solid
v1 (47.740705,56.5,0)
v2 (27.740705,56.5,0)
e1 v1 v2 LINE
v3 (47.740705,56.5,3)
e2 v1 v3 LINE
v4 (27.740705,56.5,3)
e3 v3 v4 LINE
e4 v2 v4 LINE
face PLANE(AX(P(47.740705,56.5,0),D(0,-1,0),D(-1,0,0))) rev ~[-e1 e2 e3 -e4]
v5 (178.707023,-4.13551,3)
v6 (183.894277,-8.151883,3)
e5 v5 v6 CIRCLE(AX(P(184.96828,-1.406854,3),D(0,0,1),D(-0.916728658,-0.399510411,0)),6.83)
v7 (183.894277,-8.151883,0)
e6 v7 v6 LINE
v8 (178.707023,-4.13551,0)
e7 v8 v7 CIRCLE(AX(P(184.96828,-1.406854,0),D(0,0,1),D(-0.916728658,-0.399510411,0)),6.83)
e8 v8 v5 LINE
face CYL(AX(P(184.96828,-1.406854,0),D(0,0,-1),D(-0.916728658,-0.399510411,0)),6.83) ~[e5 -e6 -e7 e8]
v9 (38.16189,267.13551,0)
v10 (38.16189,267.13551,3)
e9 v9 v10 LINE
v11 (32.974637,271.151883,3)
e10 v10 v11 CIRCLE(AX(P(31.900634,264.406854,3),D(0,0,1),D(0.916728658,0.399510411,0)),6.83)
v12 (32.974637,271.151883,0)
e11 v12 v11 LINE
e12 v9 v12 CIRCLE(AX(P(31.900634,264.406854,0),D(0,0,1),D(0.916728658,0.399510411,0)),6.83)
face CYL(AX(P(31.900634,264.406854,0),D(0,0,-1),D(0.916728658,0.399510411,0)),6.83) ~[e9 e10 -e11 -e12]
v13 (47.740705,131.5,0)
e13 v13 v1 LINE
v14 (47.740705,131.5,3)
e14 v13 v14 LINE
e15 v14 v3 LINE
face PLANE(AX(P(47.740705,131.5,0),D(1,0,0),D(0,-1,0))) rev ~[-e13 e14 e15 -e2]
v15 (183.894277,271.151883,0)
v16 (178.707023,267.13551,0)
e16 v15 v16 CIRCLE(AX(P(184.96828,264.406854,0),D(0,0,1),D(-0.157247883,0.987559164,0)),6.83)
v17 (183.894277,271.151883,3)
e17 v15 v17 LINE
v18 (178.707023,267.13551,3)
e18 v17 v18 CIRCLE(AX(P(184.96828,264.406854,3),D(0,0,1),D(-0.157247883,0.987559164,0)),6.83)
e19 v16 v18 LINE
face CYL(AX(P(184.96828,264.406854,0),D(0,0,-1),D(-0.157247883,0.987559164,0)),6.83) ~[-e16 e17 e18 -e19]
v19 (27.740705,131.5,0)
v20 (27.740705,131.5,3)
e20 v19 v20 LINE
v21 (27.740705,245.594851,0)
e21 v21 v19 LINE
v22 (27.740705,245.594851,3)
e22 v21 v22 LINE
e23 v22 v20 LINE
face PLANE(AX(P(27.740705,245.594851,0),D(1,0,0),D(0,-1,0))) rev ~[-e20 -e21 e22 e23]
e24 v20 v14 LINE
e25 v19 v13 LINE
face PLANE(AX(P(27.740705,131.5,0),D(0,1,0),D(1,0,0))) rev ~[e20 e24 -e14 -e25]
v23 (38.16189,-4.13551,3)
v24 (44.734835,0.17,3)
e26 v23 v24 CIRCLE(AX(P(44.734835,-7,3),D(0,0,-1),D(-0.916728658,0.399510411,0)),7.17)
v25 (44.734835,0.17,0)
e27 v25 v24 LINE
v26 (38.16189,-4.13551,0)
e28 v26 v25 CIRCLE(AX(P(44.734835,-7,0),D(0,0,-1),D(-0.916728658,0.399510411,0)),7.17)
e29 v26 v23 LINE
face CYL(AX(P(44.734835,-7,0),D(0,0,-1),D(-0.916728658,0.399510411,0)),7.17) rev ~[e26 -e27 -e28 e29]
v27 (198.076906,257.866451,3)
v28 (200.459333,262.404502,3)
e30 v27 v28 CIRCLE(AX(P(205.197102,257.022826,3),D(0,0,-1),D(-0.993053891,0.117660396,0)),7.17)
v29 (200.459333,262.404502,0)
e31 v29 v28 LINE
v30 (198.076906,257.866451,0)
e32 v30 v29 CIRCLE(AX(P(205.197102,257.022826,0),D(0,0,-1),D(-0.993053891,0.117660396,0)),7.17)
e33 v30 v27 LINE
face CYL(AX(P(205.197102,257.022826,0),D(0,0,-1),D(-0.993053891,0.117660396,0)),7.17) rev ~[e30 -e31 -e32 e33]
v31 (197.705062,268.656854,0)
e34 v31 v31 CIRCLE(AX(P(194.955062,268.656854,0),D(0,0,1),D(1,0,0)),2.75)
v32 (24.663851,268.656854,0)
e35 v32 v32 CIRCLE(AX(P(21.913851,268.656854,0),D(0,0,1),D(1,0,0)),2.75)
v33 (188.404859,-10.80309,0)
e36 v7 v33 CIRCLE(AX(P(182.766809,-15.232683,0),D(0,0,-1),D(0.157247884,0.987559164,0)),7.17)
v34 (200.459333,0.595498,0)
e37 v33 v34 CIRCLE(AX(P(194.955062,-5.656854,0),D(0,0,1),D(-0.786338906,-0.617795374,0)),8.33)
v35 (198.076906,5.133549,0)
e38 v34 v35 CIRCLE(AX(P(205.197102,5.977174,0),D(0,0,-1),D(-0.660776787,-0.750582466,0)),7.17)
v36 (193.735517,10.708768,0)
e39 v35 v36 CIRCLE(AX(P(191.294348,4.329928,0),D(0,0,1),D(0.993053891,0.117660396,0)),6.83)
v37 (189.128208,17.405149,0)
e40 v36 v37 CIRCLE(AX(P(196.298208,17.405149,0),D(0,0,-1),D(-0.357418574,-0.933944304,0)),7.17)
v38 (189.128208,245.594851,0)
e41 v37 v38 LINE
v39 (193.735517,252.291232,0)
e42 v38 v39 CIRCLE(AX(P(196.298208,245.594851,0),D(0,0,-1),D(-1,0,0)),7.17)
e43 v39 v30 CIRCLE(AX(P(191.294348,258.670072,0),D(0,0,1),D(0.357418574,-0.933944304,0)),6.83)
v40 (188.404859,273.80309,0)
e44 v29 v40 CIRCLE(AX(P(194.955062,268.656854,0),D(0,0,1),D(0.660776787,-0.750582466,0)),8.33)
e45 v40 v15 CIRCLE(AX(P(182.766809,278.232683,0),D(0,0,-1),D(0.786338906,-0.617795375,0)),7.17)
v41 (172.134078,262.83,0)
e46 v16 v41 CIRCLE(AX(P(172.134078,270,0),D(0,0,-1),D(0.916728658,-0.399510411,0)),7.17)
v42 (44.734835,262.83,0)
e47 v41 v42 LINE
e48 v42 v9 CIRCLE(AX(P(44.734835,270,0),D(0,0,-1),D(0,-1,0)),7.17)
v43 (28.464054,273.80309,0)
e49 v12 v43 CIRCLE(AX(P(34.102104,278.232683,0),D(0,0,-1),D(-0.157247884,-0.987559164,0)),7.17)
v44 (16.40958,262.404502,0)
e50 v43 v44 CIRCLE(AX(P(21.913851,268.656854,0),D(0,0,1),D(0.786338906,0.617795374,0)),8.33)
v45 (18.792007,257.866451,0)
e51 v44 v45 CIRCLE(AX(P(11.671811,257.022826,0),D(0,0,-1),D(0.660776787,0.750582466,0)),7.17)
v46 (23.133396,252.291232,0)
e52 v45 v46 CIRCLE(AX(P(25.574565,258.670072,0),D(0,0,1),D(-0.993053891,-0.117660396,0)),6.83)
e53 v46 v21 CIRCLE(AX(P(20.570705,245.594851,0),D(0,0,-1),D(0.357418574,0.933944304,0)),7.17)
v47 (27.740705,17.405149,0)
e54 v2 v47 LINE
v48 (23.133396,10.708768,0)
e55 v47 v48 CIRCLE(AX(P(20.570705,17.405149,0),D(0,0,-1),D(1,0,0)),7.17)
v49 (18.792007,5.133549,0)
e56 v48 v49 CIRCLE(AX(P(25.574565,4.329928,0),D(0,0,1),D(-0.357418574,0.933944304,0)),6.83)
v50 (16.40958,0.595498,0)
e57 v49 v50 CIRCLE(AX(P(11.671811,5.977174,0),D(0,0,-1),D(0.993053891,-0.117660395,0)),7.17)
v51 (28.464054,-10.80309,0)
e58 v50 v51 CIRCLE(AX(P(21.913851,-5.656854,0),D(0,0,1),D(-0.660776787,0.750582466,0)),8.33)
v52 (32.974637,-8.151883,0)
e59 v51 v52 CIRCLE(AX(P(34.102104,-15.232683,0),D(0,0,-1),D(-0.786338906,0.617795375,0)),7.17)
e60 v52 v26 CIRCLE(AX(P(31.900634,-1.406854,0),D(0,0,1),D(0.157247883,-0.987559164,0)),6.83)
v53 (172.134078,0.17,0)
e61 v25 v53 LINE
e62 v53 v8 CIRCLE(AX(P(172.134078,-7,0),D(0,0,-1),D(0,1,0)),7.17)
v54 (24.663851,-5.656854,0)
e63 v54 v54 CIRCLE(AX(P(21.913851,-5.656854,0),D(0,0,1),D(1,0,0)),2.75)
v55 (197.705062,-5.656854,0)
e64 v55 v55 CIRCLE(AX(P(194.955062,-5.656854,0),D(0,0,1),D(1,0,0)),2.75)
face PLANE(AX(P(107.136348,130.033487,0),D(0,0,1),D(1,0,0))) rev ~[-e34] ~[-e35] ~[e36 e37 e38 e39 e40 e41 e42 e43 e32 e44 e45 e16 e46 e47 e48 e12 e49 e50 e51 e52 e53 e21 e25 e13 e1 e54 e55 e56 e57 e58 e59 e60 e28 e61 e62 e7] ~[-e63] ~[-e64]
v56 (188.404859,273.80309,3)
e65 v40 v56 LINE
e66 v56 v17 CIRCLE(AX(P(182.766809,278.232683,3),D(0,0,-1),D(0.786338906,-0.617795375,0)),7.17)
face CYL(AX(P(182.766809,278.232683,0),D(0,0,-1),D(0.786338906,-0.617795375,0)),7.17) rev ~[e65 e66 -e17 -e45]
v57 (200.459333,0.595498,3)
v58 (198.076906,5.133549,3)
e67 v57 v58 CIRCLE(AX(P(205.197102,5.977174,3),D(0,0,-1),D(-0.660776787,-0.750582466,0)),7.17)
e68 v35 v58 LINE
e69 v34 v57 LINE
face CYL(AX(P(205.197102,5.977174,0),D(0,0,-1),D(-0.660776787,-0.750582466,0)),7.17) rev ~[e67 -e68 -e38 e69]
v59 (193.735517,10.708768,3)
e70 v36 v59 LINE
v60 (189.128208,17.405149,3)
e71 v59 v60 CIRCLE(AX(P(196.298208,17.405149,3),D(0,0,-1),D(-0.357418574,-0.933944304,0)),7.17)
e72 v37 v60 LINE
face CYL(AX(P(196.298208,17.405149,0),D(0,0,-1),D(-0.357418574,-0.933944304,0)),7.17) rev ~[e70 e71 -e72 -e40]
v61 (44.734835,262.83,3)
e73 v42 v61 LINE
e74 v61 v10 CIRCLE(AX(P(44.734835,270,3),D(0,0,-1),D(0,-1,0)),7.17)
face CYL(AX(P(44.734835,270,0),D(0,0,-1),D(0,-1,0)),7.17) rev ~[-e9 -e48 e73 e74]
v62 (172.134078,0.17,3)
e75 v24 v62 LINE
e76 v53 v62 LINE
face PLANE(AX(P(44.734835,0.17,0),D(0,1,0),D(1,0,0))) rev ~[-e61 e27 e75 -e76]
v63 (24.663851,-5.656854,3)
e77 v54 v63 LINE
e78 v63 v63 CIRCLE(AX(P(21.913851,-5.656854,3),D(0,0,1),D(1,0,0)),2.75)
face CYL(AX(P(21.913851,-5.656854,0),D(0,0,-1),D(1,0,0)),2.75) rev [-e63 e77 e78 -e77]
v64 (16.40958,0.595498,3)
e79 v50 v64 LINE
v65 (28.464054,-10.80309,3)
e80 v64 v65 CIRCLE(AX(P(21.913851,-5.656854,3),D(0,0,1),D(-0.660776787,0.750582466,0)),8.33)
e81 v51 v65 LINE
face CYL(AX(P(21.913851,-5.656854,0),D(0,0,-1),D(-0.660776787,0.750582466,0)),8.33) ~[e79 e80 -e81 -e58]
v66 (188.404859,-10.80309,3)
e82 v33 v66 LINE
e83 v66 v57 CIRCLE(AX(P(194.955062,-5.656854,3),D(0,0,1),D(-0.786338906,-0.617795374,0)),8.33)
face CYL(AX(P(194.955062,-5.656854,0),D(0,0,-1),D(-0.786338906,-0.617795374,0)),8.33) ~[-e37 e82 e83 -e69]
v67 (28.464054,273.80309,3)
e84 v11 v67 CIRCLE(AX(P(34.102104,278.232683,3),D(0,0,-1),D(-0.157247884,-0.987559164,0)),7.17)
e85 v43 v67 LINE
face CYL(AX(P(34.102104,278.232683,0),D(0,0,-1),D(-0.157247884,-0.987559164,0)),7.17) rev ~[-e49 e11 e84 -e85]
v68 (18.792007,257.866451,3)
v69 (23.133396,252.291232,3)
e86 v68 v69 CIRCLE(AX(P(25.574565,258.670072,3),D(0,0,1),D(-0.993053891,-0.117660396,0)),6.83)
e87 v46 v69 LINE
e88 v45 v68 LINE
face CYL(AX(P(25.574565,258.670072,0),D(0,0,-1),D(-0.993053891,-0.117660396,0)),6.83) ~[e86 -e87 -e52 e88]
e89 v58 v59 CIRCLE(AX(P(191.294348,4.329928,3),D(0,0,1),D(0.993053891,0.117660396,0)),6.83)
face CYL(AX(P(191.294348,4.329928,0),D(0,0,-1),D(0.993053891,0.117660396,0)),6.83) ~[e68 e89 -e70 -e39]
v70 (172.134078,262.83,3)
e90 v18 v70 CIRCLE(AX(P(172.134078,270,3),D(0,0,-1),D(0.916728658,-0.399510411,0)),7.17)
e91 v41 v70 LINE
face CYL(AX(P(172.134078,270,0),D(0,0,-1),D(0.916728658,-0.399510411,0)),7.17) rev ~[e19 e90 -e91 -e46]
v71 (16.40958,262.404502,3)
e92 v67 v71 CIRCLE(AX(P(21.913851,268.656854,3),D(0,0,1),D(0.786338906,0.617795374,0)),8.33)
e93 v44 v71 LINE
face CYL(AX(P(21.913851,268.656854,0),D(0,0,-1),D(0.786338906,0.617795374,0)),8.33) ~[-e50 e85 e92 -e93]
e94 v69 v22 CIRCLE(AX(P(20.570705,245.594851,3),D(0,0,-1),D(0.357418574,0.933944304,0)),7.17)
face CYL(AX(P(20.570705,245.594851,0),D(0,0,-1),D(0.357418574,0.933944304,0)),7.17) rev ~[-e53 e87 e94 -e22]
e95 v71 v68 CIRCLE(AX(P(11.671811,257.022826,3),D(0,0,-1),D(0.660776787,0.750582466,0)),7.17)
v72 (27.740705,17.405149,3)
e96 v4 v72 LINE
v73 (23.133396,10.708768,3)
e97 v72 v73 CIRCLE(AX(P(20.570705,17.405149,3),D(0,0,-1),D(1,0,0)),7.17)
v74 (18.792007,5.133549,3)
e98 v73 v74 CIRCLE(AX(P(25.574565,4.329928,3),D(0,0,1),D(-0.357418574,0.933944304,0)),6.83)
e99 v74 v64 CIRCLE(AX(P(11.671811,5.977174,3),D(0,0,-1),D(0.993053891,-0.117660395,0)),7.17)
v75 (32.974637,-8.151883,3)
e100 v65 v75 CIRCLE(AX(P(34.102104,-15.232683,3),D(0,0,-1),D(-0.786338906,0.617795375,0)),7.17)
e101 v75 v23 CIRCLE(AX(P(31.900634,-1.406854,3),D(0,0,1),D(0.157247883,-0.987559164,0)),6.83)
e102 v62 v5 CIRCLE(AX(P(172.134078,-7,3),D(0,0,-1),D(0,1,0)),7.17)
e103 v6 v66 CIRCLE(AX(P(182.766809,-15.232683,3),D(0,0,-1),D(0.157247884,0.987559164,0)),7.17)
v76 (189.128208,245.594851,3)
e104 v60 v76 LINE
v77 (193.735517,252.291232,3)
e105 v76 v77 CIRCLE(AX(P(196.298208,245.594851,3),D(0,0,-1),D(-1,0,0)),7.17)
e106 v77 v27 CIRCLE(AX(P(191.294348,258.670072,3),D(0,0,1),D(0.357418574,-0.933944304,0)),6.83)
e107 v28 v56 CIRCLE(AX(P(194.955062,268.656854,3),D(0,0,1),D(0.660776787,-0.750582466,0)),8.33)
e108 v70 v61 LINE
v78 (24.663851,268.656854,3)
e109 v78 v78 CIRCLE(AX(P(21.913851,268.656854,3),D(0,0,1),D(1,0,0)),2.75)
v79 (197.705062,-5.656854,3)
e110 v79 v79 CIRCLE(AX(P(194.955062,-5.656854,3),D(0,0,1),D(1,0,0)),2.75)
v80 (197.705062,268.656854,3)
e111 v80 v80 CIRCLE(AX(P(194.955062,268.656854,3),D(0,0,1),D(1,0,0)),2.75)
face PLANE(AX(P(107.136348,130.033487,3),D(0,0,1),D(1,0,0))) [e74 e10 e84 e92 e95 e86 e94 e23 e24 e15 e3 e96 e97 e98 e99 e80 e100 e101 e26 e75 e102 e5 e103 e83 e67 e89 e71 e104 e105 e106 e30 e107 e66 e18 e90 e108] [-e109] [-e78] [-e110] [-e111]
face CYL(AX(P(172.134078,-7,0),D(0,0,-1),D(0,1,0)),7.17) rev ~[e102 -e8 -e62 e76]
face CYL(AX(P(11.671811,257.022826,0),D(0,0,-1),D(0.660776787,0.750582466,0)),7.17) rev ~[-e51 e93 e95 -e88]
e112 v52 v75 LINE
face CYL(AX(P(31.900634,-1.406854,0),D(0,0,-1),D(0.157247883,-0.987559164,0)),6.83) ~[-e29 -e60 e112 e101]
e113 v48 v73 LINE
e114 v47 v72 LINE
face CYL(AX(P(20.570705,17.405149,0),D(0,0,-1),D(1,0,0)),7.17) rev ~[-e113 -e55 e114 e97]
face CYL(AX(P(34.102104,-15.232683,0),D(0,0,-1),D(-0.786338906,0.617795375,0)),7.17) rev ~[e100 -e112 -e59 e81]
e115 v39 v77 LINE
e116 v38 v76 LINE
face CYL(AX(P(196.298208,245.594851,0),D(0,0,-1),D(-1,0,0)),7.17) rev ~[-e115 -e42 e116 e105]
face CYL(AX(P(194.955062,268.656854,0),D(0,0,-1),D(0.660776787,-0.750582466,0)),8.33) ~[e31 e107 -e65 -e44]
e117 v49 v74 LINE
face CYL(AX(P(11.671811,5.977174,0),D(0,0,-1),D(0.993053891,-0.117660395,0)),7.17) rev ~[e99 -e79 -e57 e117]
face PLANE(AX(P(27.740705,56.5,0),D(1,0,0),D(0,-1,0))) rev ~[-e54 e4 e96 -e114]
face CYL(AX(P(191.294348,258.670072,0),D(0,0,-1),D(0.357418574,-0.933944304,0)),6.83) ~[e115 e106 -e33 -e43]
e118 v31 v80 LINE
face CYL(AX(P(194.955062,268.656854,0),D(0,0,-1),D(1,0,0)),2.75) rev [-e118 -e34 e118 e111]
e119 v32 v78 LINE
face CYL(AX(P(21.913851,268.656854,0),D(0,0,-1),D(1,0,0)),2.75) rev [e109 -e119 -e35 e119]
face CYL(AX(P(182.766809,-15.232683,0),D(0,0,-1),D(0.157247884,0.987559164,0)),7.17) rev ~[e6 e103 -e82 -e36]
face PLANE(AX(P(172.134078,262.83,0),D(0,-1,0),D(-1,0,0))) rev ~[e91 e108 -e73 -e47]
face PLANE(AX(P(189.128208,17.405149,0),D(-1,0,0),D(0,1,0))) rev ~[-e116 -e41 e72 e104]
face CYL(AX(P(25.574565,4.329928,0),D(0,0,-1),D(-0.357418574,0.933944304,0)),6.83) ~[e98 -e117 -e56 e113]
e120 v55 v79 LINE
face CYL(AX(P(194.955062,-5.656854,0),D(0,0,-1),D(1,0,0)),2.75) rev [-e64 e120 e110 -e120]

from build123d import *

# Parameters (mm, degrees)
SKETCH2_R           = 2.75
BOSS_EXTRUDE2_DEPTH = 3


with BuildPart() as part:
    # Sketch2 → Boss-Extrude2 (new body)
    with BuildSketch(Plane.XY):
        with BuildLine():
            Line((27.74070529, 245.594851313), (27.74070529, 131.5))
            Line((27.74070529, 131.5), (47.74070529, 131.5))
            Line((47.74070529, 131.5), (47.74070529, 56.5))
            Line((47.74070529, 56.5), (27.74070529, 56.5))
            Line((27.74070529, 56.5), (27.74070529, 17.405148687))
            ThreePointArc((27.74070529, 17.405148687), (26.47762478, 13.3410126), (23.133396465, 10.708768028))
            ThreePointArc((23.133396465, 10.708768028), (20.1856831, 8.526218264), (18.792007247, 5.133548935))
            ThreePointArc((18.792007247, 5.133548935), (18.020142632, 2.644369817), (16.409580407, 0.595497692))
            ThreePointArc((16.409580407, 0.595497692), (16.190613984, -11.709412188), (28.464054129, -10.803089717))
            ThreePointArc((28.464054129, -10.803089717), (30.468885152, -9.051370379), (32.974636764, -8.151883342))
            ThreePointArc((32.974636764, -8.151883342), (36.082059553, -6.807278123), (38.161890453, -4.135510355))
            ThreePointArc((38.161890453, -4.135510355), (40.806062267, -1.002196621), (44.734834928, 0.17))
            Line((44.734834928, 0.17), (172.134078399, 0.17))
            ThreePointArc((172.134078399, 0.17), (176.06285106, -1.002196621), (178.707022874, -4.135510355))
            ThreePointArc((178.707022874, -4.135510355), (180.786853774, -6.807278123), (183.894276563, -8.151883342))
            ThreePointArc((183.894276563, -8.151883342), (186.400028175, -9.051370379), (188.404859198, -10.803089717))
            ThreePointArc((188.404859198, -10.803089717), (200.678299343, -11.709412188), (200.45933292, 0.595497692))
            ThreePointArc((200.45933292, 0.595497692), (198.848770695, 2.644369817), (198.076906079, 5.133548935))
            ThreePointArc((198.076906079, 5.133548935), (196.683230227, 8.526218264), (193.735516862, 10.708768028))
            ThreePointArc((193.735516862, 10.708768028), (190.391288547, 13.3410126), (189.128208037, 17.405148687))
            Line((189.128208037, 17.405148687), (189.128208037, 245.594851313))
            ThreePointArc((189.128208037, 245.594851313), (190.391288547, 249.6589874), (193.735516862, 252.291231972))
            ThreePointArc((193.735516862, 252.291231972), (196.683230227, 254.473781736), (198.076906079, 257.866451065))
            ThreePointArc((198.076906079, 257.866451065), (198.848770695, 260.355630183), (200.45933292, 262.404502308))
            ThreePointArc((200.45933292, 262.404502308), (200.678299343, 274.709412188), (188.404859198, 273.803089717))
            ThreePointArc((188.404859198, 273.803089717), (186.400028175, 272.051370379), (183.894276563, 271.151883342))
            ThreePointArc((183.894276563, 271.151883342), (180.786853774, 269.807278123), (178.707022874, 267.135510355))
            ThreePointArc((178.707022874, 267.135510355), (176.06285106, 264.002196621), (172.134078399, 262.83))
            Line((172.134078399, 262.83), (44.734834928, 262.83))
            ThreePointArc((44.734834928, 262.83), (40.806062267, 264.002196621), (38.161890453, 267.135510355))
            ThreePointArc((38.161890453, 267.135510355), (36.082059553, 269.807278123), (32.974636764, 271.151883342))
            ThreePointArc((32.974636764, 271.151883342), (30.468885152, 272.051370379), (28.464054129, 273.803089717))
            ThreePointArc((28.464054129, 273.803089717), (16.190613984, 274.709412188), (16.409580407, 262.404502308))
            ThreePointArc((16.409580407, 262.404502308), (18.020142632, 260.355630183), (18.792007247, 257.866451065))
            ThreePointArc((18.792007247, 257.866451065), (20.1856831, 254.473781736), (23.133396465, 252.291231972))
            ThreePointArc((23.133396465, 252.291231972), (26.47762478, 249.6589874), (27.74070529, 245.594851313))
        make_face()
        with Locations((21.91385104, -5.656854249)):
            Circle(SKETCH2_R, mode=Mode.SUBTRACT)
        with Locations((194.955062287, -5.656854249)):
            Circle(SKETCH2_R, mode=Mode.SUBTRACT)
        with Locations((21.91385104, 268.656854249)):
            Circle(SKETCH2_R, mode=Mode.SUBTRACT)
        with Locations((194.955062287, 268.656854249)):
            Circle(SKETCH2_R, mode=Mode.SUBTRACT)
    extrude(amount=BOSS_EXTRUDE2_DEPTH)


solid = part.part
